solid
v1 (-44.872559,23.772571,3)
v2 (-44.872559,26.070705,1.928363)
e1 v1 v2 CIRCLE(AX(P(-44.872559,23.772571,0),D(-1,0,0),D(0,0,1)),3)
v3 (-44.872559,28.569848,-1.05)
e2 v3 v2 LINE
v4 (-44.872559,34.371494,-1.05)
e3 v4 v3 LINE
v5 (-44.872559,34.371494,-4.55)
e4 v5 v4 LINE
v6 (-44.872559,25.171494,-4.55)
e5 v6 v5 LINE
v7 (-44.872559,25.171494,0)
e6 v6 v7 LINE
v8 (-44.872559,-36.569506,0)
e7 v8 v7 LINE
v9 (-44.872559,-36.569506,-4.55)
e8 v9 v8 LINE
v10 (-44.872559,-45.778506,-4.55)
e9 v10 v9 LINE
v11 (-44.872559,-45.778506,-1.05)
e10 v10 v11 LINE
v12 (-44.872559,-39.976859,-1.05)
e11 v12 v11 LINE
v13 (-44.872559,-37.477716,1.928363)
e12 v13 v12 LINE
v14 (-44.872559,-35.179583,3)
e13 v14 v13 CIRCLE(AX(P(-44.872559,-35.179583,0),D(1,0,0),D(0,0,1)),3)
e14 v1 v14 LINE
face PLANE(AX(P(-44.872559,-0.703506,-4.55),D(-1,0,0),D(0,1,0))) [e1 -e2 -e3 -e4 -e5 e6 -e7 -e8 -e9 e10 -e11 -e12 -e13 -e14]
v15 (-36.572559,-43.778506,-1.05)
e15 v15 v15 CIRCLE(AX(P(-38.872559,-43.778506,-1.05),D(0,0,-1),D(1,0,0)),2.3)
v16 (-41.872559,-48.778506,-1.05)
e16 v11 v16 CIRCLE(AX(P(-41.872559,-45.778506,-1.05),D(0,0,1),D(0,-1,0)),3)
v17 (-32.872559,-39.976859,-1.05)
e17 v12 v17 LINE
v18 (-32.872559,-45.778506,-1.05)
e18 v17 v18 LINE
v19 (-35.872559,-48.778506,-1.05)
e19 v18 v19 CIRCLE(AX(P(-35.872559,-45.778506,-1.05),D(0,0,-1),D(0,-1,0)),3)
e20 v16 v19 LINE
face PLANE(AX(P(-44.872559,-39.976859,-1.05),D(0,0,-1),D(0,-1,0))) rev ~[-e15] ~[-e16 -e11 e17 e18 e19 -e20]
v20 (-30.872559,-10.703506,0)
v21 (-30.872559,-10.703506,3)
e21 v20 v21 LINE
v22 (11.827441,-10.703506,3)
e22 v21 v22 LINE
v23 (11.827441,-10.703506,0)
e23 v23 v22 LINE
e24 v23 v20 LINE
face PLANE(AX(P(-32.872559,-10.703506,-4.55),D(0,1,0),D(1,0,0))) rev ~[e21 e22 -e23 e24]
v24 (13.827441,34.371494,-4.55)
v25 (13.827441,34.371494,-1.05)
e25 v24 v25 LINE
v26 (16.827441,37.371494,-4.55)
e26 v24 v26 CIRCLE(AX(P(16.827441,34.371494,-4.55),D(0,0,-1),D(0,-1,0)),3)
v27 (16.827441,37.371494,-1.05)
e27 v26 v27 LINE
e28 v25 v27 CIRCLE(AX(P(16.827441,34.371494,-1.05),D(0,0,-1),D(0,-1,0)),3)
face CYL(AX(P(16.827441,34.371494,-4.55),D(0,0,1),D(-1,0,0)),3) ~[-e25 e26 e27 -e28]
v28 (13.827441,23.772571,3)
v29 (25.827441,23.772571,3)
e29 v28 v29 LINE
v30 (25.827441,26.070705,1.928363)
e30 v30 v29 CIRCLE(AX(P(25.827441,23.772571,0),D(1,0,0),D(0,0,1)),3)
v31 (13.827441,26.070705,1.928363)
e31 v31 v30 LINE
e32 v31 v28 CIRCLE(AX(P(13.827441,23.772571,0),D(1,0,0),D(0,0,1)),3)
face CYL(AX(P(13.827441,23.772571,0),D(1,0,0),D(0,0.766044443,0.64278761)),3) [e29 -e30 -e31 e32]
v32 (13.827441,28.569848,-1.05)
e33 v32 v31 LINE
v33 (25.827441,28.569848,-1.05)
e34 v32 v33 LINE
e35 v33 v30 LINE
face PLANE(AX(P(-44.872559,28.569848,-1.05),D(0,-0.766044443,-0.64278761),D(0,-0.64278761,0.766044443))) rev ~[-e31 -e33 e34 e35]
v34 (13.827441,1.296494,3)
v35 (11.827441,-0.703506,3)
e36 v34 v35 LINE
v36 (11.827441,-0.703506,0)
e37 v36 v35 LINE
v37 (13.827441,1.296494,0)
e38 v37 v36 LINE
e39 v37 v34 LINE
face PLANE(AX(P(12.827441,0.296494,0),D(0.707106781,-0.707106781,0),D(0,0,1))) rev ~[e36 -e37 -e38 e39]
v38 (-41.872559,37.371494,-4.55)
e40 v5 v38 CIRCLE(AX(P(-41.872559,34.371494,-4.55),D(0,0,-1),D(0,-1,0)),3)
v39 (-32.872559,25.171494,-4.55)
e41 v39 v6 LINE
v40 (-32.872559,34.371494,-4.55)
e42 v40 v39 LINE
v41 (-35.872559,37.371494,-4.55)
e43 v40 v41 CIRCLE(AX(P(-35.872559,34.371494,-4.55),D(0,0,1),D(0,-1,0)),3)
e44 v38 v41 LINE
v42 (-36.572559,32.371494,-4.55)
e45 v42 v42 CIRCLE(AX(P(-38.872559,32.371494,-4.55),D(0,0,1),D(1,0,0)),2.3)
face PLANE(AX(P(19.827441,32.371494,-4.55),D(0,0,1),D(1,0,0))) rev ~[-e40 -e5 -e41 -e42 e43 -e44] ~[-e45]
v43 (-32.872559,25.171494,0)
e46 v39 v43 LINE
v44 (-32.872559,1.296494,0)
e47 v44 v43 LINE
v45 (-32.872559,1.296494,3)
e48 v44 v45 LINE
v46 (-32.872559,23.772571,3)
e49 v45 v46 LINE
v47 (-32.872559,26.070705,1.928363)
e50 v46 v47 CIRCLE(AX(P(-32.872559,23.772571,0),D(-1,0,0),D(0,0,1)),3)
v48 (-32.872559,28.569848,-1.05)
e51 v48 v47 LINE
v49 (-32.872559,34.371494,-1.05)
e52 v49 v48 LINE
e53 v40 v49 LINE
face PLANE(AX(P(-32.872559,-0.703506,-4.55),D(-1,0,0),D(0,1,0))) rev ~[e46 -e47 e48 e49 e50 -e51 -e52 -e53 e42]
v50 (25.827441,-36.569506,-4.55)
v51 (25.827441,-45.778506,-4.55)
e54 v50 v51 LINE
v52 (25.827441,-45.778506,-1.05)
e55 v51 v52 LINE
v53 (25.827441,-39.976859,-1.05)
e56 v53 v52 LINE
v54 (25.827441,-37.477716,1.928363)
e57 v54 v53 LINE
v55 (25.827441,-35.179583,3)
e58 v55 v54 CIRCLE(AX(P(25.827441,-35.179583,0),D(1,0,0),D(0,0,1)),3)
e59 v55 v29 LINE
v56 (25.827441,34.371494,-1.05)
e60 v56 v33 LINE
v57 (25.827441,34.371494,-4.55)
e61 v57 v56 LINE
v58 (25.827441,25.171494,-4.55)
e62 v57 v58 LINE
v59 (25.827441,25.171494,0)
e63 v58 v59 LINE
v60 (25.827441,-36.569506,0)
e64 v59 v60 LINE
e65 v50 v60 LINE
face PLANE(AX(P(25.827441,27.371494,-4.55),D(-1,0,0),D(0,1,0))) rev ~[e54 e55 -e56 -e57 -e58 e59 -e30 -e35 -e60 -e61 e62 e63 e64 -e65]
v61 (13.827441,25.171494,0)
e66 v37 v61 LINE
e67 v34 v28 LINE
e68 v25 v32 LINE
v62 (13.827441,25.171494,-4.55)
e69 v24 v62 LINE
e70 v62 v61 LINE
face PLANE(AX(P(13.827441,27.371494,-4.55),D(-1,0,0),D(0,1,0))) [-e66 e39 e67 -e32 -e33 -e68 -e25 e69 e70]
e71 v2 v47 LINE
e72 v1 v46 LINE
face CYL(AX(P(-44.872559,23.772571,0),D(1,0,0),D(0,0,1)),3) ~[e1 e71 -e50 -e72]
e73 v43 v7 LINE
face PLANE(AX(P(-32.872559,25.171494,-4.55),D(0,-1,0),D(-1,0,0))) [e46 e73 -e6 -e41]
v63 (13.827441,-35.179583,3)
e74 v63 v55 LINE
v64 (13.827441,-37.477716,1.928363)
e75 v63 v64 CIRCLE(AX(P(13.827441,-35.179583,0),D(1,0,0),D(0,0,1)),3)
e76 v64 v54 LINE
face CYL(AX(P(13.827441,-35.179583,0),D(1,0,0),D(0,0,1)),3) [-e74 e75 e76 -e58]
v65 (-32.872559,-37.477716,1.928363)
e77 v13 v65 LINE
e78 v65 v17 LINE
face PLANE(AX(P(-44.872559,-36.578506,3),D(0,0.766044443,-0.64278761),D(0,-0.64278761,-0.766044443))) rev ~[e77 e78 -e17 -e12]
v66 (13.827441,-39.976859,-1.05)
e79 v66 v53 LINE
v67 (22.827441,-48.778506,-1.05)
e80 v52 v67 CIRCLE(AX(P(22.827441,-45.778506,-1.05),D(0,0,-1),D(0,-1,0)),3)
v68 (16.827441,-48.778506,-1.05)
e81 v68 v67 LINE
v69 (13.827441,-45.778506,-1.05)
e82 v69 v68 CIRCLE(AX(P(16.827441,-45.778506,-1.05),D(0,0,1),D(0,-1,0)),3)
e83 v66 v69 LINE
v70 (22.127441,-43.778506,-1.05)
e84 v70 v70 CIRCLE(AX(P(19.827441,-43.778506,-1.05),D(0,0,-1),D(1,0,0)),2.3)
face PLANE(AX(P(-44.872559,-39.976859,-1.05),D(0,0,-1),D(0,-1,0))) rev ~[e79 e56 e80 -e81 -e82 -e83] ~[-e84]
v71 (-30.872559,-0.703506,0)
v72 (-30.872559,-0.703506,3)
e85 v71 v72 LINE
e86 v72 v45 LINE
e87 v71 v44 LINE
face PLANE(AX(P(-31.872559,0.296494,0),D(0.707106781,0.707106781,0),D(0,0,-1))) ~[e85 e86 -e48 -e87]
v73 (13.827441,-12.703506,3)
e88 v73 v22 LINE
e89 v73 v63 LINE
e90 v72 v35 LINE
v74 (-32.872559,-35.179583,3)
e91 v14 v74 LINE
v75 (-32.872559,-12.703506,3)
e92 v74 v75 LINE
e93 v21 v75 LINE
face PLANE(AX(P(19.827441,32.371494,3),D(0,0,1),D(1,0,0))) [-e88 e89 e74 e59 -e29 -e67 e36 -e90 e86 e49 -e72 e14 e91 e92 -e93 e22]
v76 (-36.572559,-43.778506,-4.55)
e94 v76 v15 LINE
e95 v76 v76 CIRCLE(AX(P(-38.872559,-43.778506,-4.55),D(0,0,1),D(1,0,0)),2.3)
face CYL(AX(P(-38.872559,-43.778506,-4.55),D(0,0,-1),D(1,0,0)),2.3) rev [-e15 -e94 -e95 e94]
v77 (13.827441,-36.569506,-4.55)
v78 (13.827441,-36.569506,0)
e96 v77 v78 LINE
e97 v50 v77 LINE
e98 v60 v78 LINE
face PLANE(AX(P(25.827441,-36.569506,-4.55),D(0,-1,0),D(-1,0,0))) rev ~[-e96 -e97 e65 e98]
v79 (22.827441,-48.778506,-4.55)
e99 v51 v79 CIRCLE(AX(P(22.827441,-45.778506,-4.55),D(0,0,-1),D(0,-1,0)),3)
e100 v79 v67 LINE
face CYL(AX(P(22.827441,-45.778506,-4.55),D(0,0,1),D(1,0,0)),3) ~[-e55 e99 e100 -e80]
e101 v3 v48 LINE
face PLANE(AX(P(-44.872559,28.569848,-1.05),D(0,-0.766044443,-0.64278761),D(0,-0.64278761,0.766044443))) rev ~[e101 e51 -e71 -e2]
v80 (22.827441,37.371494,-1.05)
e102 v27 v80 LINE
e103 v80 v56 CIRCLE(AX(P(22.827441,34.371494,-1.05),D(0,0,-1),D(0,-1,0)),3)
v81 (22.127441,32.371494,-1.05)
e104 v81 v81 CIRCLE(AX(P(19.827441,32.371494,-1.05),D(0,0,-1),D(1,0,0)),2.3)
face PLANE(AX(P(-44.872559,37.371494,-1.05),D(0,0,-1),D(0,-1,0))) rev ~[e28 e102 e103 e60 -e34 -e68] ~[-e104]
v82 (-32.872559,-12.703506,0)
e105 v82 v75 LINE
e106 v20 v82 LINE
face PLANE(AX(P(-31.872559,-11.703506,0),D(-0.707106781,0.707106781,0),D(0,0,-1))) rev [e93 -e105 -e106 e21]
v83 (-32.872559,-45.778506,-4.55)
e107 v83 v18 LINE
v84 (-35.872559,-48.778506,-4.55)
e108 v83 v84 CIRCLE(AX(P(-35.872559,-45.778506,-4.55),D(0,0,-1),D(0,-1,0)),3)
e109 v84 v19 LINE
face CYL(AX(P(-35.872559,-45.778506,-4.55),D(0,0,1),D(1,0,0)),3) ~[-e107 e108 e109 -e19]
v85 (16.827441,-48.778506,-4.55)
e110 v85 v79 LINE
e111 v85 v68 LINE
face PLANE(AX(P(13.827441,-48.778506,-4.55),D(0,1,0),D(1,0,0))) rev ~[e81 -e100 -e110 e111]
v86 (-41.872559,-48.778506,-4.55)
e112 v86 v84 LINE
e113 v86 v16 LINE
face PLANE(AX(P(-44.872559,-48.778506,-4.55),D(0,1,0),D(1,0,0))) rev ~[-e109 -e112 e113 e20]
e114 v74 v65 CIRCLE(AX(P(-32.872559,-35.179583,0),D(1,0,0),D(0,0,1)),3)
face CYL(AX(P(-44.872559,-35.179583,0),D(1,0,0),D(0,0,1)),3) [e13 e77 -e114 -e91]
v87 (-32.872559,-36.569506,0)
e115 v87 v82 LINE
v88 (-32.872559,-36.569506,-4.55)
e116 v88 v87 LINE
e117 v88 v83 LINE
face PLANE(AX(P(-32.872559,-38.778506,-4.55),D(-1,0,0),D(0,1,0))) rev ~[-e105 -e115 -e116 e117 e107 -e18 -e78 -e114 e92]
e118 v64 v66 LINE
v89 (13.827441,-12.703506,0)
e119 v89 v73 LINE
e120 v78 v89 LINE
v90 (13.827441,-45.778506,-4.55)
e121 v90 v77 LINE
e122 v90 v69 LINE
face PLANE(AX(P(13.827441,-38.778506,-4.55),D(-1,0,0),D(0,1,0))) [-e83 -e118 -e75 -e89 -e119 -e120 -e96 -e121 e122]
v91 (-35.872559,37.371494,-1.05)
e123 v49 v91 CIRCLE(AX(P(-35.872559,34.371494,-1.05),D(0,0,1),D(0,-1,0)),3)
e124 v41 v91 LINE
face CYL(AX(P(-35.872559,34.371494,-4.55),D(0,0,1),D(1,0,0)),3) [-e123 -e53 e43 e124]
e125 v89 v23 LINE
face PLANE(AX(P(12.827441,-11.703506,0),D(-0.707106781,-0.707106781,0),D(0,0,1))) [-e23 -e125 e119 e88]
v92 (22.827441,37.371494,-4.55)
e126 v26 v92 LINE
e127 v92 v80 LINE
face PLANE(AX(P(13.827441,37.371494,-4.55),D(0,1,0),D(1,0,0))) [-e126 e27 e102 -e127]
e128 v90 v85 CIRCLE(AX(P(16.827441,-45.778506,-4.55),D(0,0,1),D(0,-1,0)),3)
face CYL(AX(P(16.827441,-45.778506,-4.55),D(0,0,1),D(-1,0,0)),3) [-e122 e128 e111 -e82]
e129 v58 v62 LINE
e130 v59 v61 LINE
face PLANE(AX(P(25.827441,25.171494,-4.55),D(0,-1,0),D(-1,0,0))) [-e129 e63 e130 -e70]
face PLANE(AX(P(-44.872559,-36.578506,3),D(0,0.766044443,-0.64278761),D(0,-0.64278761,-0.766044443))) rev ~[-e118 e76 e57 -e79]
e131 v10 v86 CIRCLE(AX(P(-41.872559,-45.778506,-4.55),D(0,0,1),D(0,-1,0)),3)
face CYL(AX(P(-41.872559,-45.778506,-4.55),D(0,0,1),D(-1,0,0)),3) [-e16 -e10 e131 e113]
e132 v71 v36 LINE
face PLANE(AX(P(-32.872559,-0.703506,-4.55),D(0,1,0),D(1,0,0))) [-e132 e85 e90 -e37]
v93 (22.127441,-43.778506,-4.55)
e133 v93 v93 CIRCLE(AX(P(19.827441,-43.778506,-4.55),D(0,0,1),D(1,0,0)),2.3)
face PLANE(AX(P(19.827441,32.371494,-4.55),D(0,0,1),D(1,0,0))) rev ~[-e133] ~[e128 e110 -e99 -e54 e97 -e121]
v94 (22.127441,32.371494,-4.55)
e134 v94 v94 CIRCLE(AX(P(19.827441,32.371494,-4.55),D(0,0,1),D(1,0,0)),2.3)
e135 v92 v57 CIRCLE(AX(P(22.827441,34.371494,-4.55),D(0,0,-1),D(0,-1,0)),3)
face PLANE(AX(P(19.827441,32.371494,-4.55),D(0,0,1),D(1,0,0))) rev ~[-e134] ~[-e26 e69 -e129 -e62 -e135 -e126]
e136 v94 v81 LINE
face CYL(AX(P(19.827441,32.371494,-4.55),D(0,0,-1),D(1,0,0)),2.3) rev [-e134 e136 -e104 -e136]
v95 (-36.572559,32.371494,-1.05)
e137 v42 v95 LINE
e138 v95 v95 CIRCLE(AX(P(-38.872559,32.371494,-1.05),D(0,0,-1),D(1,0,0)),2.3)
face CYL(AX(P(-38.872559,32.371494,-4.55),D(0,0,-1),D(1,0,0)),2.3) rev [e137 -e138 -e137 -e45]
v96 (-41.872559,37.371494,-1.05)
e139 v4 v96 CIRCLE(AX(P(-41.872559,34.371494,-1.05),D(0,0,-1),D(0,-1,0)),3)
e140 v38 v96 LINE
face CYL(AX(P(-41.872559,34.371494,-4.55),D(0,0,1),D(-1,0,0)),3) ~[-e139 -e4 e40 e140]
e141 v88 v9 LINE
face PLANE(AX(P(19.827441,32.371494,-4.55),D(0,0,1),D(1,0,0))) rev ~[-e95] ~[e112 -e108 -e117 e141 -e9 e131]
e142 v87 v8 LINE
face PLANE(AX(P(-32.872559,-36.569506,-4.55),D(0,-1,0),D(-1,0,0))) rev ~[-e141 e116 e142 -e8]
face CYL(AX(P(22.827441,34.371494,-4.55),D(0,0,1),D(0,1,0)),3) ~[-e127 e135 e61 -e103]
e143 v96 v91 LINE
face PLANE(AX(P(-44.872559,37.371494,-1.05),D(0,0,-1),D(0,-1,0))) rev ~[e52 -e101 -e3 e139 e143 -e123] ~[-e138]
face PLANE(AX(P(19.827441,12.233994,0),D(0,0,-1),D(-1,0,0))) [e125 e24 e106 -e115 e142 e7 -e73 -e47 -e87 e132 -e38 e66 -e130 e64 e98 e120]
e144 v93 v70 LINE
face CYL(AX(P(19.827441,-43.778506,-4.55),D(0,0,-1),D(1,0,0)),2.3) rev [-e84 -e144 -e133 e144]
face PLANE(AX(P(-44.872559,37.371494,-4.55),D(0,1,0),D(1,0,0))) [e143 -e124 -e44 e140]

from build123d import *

# Parameters (mm, degrees)
BOSS_EXTRUDE1_DEPTH      = 3
BOSS_EXTRUDE1_DEPTH_BACK = 4.55
SKETCH1_W                = 12
SKETCH1_H                = 10
SKETCH1_R                = 2.3
SKETCH1_H_2              = 28.075
SKETCH1_W_2              = 46.7
SKETCH5_W                = 12
SKETCH5_H                = 25.875
SKETCH5_H_2              = 10
SKETCH5_H_3              = 25.866
SKETCH5_W_2              = 46.7
CUT_EXTRUDE1_DEPTH       = 4.55
CUT_EXTRUDE2_DEPTH       = 87.014737759
CHAMFER1_SIZE            = 2
FILLET1_R                = 3
FILLET2_R                = 3


with BuildPart() as part:
    # Sketch1 → Boss-Extrude1 (new, two sides: drawn at the far end of the back side and taken through both)
    # profile 1 of 11: a face of its own
    with BuildSketch(Plane.XY.offset(-BOSS_EXTRUDE1_DEPTH_BACK)):
        with Locations((-38.872559152, 32.371494367)):
            Rectangle(SKETCH1_W, SKETCH1_H)
        with Locations((-38.872559152, 32.371494367)):
            Circle(SKETCH1_R, mode=Mode.SUBTRACT)
    # profile 2 of 11: a face of its own
    with BuildSketch(Plane.XY.offset(-BOSS_EXTRUDE1_DEPTH_BACK)):
        with Locations((-38.872559152, 13.333994367)):
            Rectangle(SKETCH1_W, SKETCH1_H_2)
    # profile 3 of 11: a face of its own
    with BuildSketch(Plane.XY.offset(-BOSS_EXTRUDE1_DEPTH_BACK)):
        with Locations((-38.872559152, -5.703505633)):
            Rectangle(SKETCH1_W, SKETCH1_H)
    # profile 4 of 11: a face of its own
    with BuildSketch(Plane.XY.offset(-BOSS_EXTRUDE1_DEPTH_BACK)):
        with Locations((-38.872559152, -24.741005633)):
            Rectangle(SKETCH1_W, SKETCH1_H_2)
    # profile 5 of 11: a face of its own
    with BuildSketch(Plane.XY.offset(-BOSS_EXTRUDE1_DEPTH_BACK)):
        with Locations((-38.872559152, -43.778505633)):
            Rectangle(SKETCH1_W, SKETCH1_H)
        with Locations((-38.872559152, -43.778505633)):
            Circle(SKETCH1_R, mode=Mode.SUBTRACT)
    # profile 6 of 11: a face of its own
    with BuildSketch(Plane.XY.offset(-BOSS_EXTRUDE1_DEPTH_BACK)):
        with Locations((19.827440848, -24.741005633)):
            Rectangle(SKETCH1_W, SKETCH1_H_2)
    # profile 7 of 11: a face of its own
    with BuildSketch(Plane.XY.offset(-BOSS_EXTRUDE1_DEPTH_BACK)):
        with Locations((19.827440848, -43.778505633)):
            Rectangle(SKETCH1_W, SKETCH1_H)
        with Locations((19.827440848, -43.778505633)):
            Circle(SKETCH1_R, mode=Mode.SUBTRACT)
    # profile 8 of 11: a face of its own
    with BuildSketch(Plane.XY.offset(-BOSS_EXTRUDE1_DEPTH_BACK)):
        with Locations((19.827440848, -5.703505633)):
            Rectangle(SKETCH1_W, SKETCH1_H)
    # profile 9 of 11: a face of its own
    with BuildSketch(Plane.XY.offset(-BOSS_EXTRUDE1_DEPTH_BACK)):
        with Locations((-9.522559152, -5.703505633)):
            Rectangle(SKETCH1_W_2, SKETCH1_H)
    # profile 10 of 11: a face of its own
    with BuildSketch(Plane.XY.offset(-BOSS_EXTRUDE1_DEPTH_BACK)):
        with Locations((19.827440848, 13.333994367)):
            Rectangle(SKETCH1_W, SKETCH1_H_2)
    # profile 11 of 11: a face of its own
    with BuildSketch(Plane.XY.offset(-BOSS_EXTRUDE1_DEPTH_BACK)):
        with Locations((19.827440848, 32.371494367)):
            Rectangle(SKETCH1_W, SKETCH1_H)
        with Locations((19.827440848, 32.371494367)):
            Circle(SKETCH1_R, mode=Mode.SUBTRACT)
    extrude(amount=BOSS_EXTRUDE1_DEPTH + BOSS_EXTRUDE1_DEPTH_BACK)

    # Sketch5 → Cut-Extrude1 (cut)
    with BuildSketch(Plane(origin=(0, 0, -4.55), x_dir=(-1, 0, 0), z_dir=(0, 0, -1))):
        with Locations((-19.827440848, 12.233994367)):
            Rectangle(SKETCH5_W, SKETCH5_H)
        with Locations((-19.827440848, -5.703505633)):
            Rectangle(SKETCH5_W, SKETCH5_H_2)
        with Locations((-19.827440848, -23.636505633)):
            Rectangle(SKETCH5_W, SKETCH5_H_3)
        with Locations((9.522559152, -5.703505633)):
            Rectangle(SKETCH5_W_2, SKETCH5_H_2)
        with Locations((38.872559152, -5.703505633)):
            Rectangle(SKETCH5_W, SKETCH5_H_2)
        with Locations((38.872559152, -23.636505633)):
            Rectangle(SKETCH5_W, SKETCH5_H_3)
        with Locations((38.872559152, 12.233994367)):
            Rectangle(SKETCH5_W, SKETCH5_H)
    extrude(amount=-CUT_EXTRUDE1_DEPTH, mode=Mode.SUBTRACT)

    # Sketch6 → Cut-Extrude2 (cut, through all)
    with BuildSketch(Plane.ZY.offset(44.872559152)):
        Polygon((-1.05, 28.569847873), (3, 25.171494367), (3, 37.371494367), (-1.05, 37.371494367), align=None)
        Polygon((-1.05, -48.778505633), (3, -48.778505633), (3, -36.578505633), (-1.05, -39.976859139), align=None)
    extrude(amount=-CUT_EXTRUDE2_DEPTH, mode=Mode.SUBTRACT)

    # Chamfer1
    chamfer1_edges = [part.edges().sort_by_distance(p)[0] for p in [
        (-32.872559152, -10.703505633, 1.5),
        (13.827440848, -10.703505633, 1.5),
        (13.827440848, -0.703505633, 1.5),
        (-32.872559152, -0.703505633, 1.5),
    ]]
    chamfer(chamfer1_edges, length=CHAMFER1_SIZE)

    # Fillet1
    fillet1_edges = [part.edges().sort_by_distance(p)[0] for p in [
        (13.827440848, 37.371494367, -2.8),
        (25.827440848, 37.371494367, -2.8),
        (25.827440848, -48.778505633, -2.8),
        (13.827440848, -48.778505633, -2.8),
        (-32.872559152, -48.778505633, -2.8),
        (-44.872559152, -48.778505633, -2.8),
        (-44.872559152, 37.371494367, -2.8),
        (-32.872559152, 37.371494367, -2.8),
    ]]
    fillet(fillet1_edges, radius=FILLET1_R)

    # Fillet2
    fillet2_edges = [part.edges().sort_by_distance(p)[0] for p in [
        (-38.872559152, -36.578505633, 3),
        (-38.872559152, 25.171494367, 3),
        (19.827440848, 25.171494367, 3),
        (19.827440848, -36.578505633, 3),
    ]]
    fillet(fillet2_edges, radius=FILLET2_R)


solid = part.part
